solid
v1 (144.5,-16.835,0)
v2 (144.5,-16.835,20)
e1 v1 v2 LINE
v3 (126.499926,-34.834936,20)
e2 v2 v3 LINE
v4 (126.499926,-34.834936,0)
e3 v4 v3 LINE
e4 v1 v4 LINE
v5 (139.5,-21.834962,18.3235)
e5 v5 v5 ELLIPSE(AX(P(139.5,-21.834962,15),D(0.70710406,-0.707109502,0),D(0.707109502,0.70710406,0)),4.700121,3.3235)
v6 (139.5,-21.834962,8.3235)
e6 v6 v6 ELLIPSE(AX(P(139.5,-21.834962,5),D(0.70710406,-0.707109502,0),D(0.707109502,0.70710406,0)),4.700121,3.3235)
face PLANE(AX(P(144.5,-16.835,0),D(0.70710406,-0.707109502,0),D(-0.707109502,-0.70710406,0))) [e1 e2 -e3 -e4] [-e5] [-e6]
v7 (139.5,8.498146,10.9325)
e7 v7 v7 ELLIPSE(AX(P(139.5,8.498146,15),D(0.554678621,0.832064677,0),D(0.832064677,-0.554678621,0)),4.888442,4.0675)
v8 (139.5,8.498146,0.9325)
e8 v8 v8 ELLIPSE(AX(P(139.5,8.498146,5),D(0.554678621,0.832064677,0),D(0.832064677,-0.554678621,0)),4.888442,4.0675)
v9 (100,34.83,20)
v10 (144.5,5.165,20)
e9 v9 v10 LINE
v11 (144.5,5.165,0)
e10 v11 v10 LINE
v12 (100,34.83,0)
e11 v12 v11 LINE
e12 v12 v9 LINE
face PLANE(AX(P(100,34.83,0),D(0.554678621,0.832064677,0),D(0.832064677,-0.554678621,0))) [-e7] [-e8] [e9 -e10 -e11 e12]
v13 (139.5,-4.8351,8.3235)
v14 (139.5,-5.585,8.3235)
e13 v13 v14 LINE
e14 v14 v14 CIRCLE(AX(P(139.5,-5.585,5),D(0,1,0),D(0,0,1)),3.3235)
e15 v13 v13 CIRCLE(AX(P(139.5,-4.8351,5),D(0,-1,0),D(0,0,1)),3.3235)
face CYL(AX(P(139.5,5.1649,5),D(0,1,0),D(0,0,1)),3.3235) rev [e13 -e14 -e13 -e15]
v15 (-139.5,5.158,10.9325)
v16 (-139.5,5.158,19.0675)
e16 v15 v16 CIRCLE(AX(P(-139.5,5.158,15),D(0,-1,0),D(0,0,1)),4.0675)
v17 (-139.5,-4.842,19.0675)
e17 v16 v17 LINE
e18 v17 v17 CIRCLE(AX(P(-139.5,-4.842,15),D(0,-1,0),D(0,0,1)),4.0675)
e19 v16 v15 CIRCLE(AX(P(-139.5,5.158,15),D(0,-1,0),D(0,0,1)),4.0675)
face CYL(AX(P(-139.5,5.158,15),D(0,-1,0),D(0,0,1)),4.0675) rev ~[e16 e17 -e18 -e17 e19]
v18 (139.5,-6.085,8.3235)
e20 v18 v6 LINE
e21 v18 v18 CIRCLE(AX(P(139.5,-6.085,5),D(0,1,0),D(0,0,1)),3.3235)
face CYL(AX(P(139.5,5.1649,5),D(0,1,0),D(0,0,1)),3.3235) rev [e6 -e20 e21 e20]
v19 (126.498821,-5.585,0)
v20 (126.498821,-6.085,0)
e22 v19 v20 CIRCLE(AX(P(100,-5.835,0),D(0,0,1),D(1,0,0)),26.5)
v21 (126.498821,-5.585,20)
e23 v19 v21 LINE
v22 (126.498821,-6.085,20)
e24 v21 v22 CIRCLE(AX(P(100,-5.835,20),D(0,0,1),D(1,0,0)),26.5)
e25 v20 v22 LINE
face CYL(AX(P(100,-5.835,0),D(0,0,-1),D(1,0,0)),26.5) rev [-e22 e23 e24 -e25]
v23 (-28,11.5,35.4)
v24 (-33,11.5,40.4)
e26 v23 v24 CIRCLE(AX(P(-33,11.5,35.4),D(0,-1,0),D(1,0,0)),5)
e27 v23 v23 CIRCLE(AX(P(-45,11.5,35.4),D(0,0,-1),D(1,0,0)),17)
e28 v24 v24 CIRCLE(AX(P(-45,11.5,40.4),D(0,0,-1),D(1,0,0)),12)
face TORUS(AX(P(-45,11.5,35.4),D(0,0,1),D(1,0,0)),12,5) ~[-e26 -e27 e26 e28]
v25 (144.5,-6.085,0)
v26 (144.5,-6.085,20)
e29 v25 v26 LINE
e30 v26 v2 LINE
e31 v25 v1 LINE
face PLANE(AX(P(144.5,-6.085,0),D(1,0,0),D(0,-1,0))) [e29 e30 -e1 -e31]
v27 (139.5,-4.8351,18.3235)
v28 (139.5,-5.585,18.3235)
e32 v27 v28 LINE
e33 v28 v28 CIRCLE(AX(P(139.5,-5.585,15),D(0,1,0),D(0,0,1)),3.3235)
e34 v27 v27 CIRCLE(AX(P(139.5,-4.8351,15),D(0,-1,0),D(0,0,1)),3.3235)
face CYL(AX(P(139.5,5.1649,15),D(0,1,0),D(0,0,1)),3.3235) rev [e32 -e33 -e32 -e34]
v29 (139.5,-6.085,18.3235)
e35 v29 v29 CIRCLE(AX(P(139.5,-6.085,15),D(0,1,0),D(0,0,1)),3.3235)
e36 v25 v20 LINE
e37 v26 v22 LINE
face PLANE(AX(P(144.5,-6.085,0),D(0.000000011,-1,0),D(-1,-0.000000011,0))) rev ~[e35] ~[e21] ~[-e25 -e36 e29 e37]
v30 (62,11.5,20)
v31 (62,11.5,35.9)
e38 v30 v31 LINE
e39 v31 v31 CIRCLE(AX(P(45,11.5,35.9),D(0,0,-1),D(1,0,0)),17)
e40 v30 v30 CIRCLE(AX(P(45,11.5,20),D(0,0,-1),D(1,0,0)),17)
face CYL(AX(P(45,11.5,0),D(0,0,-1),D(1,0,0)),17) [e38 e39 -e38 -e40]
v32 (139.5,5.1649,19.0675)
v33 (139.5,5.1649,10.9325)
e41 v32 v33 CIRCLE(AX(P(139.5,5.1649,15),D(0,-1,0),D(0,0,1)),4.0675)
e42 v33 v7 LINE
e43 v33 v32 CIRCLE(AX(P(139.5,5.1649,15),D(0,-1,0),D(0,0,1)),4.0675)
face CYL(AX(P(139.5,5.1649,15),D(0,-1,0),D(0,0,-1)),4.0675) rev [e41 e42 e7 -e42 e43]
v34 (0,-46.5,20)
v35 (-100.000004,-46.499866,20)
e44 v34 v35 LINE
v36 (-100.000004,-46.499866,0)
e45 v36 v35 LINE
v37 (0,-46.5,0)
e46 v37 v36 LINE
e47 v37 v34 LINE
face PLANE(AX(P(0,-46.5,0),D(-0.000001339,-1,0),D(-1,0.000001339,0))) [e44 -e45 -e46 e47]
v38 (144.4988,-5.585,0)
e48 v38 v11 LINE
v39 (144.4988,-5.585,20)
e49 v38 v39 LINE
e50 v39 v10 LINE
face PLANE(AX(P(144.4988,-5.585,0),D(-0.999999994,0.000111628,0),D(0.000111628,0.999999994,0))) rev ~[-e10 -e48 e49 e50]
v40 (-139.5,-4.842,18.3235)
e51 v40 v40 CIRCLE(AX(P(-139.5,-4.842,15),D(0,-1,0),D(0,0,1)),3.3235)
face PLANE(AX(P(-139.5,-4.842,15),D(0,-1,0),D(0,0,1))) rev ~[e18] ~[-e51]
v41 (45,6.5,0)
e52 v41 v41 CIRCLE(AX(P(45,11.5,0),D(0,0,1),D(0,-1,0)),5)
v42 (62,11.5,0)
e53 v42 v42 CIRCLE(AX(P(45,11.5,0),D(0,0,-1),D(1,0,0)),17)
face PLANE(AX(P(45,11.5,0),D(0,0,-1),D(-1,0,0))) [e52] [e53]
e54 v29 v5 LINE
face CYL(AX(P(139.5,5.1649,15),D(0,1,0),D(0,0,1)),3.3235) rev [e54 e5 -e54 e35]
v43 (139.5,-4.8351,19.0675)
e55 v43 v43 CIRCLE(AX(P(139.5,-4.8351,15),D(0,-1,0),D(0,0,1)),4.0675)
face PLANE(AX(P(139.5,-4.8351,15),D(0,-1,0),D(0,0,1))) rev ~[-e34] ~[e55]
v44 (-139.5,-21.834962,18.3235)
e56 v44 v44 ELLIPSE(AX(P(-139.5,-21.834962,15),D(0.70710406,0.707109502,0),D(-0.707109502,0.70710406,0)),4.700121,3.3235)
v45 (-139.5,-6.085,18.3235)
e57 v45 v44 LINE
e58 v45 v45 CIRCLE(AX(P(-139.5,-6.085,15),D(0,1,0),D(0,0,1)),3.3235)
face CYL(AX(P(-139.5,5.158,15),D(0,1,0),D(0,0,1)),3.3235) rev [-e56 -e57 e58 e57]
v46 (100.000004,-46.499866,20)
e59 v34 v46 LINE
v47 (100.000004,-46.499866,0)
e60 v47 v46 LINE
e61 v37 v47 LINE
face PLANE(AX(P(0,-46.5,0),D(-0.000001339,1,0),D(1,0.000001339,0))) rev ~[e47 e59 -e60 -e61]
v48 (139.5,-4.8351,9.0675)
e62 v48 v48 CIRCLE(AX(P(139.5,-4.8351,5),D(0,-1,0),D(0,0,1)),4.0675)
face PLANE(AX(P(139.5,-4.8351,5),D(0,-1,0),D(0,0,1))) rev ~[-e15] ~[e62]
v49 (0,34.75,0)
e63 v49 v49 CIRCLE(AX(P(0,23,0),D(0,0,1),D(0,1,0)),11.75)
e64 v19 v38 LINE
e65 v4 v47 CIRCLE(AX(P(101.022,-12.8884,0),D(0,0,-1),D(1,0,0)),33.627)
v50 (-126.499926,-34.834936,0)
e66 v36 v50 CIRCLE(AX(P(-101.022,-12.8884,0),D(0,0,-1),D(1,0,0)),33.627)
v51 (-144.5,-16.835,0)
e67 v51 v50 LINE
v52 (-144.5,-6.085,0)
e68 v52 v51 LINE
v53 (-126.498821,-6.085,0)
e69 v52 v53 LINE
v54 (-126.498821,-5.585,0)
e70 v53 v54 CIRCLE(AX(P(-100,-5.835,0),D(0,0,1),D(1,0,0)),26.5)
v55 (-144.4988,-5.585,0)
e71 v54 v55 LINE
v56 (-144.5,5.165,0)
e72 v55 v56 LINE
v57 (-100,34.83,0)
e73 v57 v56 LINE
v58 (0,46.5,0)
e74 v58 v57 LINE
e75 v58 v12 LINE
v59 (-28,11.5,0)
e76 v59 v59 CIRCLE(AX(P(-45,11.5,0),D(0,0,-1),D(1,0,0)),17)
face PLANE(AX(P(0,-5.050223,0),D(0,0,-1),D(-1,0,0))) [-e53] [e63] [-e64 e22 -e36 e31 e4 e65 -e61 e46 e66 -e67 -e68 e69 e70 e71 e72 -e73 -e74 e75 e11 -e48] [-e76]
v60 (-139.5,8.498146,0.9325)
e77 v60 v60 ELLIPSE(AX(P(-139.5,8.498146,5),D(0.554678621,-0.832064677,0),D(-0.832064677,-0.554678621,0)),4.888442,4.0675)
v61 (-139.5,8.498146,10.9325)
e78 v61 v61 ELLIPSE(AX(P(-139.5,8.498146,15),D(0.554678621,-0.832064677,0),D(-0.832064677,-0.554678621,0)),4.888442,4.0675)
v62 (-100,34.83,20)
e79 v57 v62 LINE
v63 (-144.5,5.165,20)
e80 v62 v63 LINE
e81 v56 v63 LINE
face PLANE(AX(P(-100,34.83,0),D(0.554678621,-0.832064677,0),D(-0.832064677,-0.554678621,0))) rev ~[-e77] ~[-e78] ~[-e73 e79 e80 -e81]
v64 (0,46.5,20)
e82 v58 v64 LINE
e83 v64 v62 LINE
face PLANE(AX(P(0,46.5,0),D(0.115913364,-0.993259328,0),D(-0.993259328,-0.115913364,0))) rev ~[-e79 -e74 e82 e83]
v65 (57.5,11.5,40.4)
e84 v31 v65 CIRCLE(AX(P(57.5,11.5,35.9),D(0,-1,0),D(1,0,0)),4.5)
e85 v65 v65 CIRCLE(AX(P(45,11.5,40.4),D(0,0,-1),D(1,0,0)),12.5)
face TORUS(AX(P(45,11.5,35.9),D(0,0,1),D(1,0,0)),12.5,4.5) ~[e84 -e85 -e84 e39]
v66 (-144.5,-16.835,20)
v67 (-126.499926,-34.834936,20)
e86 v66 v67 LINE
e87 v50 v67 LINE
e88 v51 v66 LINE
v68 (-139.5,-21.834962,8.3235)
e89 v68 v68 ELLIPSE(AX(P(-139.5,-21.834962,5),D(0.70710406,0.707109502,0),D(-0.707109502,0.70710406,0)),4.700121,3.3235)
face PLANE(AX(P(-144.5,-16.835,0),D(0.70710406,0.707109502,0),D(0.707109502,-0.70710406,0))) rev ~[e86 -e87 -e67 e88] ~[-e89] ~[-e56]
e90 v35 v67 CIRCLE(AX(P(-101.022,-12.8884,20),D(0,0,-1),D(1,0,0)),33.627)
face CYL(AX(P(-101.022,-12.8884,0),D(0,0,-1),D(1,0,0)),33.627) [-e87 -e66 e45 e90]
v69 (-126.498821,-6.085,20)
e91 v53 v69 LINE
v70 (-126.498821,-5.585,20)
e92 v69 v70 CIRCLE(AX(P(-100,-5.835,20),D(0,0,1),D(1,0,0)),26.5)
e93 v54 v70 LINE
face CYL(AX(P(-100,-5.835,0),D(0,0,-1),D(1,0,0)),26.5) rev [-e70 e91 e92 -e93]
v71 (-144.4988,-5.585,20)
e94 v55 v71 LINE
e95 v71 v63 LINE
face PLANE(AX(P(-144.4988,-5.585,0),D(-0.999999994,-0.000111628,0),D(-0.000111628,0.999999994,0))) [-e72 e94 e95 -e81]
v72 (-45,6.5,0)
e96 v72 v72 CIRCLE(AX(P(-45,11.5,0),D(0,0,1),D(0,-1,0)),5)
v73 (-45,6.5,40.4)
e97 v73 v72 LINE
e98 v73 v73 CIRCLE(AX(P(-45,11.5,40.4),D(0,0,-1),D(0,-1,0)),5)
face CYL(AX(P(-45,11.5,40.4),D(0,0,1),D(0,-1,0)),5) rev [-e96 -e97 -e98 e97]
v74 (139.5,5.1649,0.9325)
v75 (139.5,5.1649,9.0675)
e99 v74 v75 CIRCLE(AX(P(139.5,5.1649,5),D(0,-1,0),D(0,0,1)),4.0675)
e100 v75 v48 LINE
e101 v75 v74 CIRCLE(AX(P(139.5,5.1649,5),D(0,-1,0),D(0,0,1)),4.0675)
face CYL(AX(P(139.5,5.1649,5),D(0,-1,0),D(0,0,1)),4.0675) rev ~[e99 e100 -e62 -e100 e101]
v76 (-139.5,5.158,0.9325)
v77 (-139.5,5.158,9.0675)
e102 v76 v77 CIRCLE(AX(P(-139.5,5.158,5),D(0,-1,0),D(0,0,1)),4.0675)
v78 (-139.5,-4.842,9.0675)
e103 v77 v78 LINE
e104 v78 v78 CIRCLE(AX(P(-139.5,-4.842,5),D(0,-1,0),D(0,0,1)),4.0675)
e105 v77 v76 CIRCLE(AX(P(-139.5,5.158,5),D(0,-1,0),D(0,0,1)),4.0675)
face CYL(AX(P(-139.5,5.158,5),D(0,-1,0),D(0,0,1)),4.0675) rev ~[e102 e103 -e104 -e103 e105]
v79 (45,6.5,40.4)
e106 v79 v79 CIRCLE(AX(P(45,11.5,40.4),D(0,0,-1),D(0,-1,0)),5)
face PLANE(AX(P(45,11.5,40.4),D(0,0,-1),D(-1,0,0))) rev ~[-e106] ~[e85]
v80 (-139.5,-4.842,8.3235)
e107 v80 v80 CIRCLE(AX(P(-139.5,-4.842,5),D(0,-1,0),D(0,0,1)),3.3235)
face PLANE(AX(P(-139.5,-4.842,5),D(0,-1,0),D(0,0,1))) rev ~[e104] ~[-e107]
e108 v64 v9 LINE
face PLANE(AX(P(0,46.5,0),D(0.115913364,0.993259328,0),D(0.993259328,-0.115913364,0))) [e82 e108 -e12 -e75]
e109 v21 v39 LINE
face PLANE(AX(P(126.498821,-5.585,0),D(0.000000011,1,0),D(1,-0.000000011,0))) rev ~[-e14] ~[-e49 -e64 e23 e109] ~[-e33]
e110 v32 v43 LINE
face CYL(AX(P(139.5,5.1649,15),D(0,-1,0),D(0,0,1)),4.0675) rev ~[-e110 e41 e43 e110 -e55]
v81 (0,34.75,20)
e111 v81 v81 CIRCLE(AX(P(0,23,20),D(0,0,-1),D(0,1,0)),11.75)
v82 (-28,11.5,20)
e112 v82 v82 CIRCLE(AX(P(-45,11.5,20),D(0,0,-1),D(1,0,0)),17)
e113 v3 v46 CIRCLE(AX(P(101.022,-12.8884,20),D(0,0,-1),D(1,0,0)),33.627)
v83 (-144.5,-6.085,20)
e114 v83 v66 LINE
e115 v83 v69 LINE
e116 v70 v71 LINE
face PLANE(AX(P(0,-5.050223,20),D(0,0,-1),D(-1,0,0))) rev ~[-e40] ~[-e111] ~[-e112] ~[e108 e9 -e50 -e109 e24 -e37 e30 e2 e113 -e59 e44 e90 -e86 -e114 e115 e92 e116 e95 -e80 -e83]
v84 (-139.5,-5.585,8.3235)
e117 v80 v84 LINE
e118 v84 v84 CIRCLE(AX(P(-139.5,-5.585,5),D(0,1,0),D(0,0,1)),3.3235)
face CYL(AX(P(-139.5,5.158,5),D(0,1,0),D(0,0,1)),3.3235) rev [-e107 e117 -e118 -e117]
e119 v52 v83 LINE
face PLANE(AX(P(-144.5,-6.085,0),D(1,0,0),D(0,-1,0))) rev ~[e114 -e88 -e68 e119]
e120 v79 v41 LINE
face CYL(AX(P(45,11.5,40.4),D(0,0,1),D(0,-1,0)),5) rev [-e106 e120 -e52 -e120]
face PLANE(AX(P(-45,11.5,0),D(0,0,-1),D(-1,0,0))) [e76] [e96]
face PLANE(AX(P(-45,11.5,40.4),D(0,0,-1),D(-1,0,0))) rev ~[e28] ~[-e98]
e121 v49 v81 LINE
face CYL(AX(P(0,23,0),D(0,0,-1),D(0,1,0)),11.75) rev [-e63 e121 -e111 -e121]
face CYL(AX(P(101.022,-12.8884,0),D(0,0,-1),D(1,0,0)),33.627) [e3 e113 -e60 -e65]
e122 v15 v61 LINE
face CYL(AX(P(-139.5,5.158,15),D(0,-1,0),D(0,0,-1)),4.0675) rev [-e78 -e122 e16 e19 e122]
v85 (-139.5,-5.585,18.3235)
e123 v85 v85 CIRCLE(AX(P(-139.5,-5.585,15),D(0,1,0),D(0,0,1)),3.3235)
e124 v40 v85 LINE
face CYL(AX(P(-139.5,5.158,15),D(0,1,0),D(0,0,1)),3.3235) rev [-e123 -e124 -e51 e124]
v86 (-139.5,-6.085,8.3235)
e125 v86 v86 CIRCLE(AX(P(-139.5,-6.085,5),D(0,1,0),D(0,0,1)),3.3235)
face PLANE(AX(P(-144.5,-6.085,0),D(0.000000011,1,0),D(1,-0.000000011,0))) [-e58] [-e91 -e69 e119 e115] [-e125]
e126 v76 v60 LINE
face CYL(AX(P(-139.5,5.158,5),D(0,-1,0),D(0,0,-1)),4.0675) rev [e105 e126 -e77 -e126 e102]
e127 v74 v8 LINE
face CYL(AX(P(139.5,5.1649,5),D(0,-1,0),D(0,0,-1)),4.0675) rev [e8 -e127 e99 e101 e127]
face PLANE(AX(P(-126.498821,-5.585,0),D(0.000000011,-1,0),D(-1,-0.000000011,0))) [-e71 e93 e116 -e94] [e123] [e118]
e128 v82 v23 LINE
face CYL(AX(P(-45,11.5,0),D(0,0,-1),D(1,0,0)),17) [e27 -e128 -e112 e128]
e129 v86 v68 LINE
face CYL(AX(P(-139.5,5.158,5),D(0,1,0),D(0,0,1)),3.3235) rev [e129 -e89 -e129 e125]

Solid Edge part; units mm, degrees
sketch "Sketch1" plane through (0, 0, 0) normal (0, 0, 1) x (1, 0, 0)
  line L0 (0, 46.5) -> (100, 34.83)
  line L1 (100, 34.83) -> (144.5, 5.165)
  line L2 (144.4988, -5.585) -> (144.5, 5.165)
  line L3 (126.4988, -5.585) -> (144.4988, -5.585)
  line L4 (144.5, -6.085) -> (126.4988, -6.085)
  line L5 (144.5, -6.085) -> (144.5, -16.835)
  line L6 (144.5, -16.835) -> (126.5, -34.835)
  line L7 (0, -46.5) -> (100, -46.5)
  line L8 (0, -46.5) -> (-100, -46.5)
  arc A0 (-100, -46.5) -> (-126.5, -34.835) centre (-101.022, -12.8884) cw
  line L9 (-144.5, -16.835) -> (-126.5, -34.835)
  line L10 (-144.5, -6.085) -> (-144.5, -16.835)
  line L11 (-144.5, -6.085) -> (-126.4988, -6.085)
  arc A1 (-126.4988, -6.085) -> (-126.4988, -5.585) centre (-100, -5.835) ccw
  line L12 (-126.4988, -5.585) -> (-144.4988, -5.585)
  line L13 (-144.4988, -5.585) -> (-144.5, 5.165)
  line L14 (-100, 34.83) -> (-144.5, 5.165)
  line L15 (0, 46.5) -> (-100, 34.83)
  arc A2 (126.4988, -5.585) -> (126.4988, -6.085) centre (100, -5.835) ccw
  arc A3 (126.5, -34.835) -> (100, -46.5) centre (101.022, -12.8884) cw
extrude "Protrusion1" add sketch "Sketch1" along normal blind 20
hole "Hole_1" at (139.5, 5.1649, 5) direction (0, -1, 0) diameter 6.647 end through all counterbore diameter 8.135 counterbore depth 10 thread major 8 thread length 2
hole "Hole1" at (139.5, 5.1649, 15) direction (0, -1, 0) diameter 6.647 end through all counterbore diameter 8.135 counterbore depth 10 thread major 8 thread length 2
hole "Hole2" at (-139.5, 5.158, 5) direction (0, -1, 0) diameter 6.647 end through all counterbore diameter 8.135 counterbore depth 10 thread major 8 thread length 2
hole "Hole3" at (-139.5, 5.158, 15) direction (0, -1, 0) diameter 6.647 end through all counterbore diameter 8.135 counterbore depth 10 thread major 8 thread length 2
hole "Hole_5" at (139.5, 5.1649, 15) direction (0, 1, 0) diameter 8.135 end up to next
hole "Hole4" at (139.5, 5.1649, 5) direction (0, 1, 0) diameter 8.135 end up to next
hole "Hole5" at (-139.5, 5.158, 15) direction (0, 1, 0) diameter 8.135 end up to next
hole "Hole6" at (-139.5, 5.158, 5) direction (0, 1, 0) diameter 8.135 end up to next
hole "Hole_9" at (0, 23, 0) direction (0, 0, 1) diameter 23.5 end up to next
sketch "Sketch2" plane through (0, -0.0078, 0) normal (0, 0, -1) x (1, 0, 0)
  circle A0 centre (45, -11.5078) radius 17
  circle A1 centre (-45, -11.5078) radius 17
extrude "ExtrudedProtrusion_4" add sketch "Sketch2" against normal blind 40.4
hole "Hole_10" at (-45, 11.5, 40.4) direction (0, 0, -1) diameter 10 end up to next
hole "Hole7" at (45, 11.5, 40.4) direction (0, 0, -1) diameter 10 end up to next
fillet "Round_2" radius 4.5 1 edges at (28, 11.5, 40.4)
fillet "Round_2" radius 5 1 edges at (-62, 11.5, 40.4)
